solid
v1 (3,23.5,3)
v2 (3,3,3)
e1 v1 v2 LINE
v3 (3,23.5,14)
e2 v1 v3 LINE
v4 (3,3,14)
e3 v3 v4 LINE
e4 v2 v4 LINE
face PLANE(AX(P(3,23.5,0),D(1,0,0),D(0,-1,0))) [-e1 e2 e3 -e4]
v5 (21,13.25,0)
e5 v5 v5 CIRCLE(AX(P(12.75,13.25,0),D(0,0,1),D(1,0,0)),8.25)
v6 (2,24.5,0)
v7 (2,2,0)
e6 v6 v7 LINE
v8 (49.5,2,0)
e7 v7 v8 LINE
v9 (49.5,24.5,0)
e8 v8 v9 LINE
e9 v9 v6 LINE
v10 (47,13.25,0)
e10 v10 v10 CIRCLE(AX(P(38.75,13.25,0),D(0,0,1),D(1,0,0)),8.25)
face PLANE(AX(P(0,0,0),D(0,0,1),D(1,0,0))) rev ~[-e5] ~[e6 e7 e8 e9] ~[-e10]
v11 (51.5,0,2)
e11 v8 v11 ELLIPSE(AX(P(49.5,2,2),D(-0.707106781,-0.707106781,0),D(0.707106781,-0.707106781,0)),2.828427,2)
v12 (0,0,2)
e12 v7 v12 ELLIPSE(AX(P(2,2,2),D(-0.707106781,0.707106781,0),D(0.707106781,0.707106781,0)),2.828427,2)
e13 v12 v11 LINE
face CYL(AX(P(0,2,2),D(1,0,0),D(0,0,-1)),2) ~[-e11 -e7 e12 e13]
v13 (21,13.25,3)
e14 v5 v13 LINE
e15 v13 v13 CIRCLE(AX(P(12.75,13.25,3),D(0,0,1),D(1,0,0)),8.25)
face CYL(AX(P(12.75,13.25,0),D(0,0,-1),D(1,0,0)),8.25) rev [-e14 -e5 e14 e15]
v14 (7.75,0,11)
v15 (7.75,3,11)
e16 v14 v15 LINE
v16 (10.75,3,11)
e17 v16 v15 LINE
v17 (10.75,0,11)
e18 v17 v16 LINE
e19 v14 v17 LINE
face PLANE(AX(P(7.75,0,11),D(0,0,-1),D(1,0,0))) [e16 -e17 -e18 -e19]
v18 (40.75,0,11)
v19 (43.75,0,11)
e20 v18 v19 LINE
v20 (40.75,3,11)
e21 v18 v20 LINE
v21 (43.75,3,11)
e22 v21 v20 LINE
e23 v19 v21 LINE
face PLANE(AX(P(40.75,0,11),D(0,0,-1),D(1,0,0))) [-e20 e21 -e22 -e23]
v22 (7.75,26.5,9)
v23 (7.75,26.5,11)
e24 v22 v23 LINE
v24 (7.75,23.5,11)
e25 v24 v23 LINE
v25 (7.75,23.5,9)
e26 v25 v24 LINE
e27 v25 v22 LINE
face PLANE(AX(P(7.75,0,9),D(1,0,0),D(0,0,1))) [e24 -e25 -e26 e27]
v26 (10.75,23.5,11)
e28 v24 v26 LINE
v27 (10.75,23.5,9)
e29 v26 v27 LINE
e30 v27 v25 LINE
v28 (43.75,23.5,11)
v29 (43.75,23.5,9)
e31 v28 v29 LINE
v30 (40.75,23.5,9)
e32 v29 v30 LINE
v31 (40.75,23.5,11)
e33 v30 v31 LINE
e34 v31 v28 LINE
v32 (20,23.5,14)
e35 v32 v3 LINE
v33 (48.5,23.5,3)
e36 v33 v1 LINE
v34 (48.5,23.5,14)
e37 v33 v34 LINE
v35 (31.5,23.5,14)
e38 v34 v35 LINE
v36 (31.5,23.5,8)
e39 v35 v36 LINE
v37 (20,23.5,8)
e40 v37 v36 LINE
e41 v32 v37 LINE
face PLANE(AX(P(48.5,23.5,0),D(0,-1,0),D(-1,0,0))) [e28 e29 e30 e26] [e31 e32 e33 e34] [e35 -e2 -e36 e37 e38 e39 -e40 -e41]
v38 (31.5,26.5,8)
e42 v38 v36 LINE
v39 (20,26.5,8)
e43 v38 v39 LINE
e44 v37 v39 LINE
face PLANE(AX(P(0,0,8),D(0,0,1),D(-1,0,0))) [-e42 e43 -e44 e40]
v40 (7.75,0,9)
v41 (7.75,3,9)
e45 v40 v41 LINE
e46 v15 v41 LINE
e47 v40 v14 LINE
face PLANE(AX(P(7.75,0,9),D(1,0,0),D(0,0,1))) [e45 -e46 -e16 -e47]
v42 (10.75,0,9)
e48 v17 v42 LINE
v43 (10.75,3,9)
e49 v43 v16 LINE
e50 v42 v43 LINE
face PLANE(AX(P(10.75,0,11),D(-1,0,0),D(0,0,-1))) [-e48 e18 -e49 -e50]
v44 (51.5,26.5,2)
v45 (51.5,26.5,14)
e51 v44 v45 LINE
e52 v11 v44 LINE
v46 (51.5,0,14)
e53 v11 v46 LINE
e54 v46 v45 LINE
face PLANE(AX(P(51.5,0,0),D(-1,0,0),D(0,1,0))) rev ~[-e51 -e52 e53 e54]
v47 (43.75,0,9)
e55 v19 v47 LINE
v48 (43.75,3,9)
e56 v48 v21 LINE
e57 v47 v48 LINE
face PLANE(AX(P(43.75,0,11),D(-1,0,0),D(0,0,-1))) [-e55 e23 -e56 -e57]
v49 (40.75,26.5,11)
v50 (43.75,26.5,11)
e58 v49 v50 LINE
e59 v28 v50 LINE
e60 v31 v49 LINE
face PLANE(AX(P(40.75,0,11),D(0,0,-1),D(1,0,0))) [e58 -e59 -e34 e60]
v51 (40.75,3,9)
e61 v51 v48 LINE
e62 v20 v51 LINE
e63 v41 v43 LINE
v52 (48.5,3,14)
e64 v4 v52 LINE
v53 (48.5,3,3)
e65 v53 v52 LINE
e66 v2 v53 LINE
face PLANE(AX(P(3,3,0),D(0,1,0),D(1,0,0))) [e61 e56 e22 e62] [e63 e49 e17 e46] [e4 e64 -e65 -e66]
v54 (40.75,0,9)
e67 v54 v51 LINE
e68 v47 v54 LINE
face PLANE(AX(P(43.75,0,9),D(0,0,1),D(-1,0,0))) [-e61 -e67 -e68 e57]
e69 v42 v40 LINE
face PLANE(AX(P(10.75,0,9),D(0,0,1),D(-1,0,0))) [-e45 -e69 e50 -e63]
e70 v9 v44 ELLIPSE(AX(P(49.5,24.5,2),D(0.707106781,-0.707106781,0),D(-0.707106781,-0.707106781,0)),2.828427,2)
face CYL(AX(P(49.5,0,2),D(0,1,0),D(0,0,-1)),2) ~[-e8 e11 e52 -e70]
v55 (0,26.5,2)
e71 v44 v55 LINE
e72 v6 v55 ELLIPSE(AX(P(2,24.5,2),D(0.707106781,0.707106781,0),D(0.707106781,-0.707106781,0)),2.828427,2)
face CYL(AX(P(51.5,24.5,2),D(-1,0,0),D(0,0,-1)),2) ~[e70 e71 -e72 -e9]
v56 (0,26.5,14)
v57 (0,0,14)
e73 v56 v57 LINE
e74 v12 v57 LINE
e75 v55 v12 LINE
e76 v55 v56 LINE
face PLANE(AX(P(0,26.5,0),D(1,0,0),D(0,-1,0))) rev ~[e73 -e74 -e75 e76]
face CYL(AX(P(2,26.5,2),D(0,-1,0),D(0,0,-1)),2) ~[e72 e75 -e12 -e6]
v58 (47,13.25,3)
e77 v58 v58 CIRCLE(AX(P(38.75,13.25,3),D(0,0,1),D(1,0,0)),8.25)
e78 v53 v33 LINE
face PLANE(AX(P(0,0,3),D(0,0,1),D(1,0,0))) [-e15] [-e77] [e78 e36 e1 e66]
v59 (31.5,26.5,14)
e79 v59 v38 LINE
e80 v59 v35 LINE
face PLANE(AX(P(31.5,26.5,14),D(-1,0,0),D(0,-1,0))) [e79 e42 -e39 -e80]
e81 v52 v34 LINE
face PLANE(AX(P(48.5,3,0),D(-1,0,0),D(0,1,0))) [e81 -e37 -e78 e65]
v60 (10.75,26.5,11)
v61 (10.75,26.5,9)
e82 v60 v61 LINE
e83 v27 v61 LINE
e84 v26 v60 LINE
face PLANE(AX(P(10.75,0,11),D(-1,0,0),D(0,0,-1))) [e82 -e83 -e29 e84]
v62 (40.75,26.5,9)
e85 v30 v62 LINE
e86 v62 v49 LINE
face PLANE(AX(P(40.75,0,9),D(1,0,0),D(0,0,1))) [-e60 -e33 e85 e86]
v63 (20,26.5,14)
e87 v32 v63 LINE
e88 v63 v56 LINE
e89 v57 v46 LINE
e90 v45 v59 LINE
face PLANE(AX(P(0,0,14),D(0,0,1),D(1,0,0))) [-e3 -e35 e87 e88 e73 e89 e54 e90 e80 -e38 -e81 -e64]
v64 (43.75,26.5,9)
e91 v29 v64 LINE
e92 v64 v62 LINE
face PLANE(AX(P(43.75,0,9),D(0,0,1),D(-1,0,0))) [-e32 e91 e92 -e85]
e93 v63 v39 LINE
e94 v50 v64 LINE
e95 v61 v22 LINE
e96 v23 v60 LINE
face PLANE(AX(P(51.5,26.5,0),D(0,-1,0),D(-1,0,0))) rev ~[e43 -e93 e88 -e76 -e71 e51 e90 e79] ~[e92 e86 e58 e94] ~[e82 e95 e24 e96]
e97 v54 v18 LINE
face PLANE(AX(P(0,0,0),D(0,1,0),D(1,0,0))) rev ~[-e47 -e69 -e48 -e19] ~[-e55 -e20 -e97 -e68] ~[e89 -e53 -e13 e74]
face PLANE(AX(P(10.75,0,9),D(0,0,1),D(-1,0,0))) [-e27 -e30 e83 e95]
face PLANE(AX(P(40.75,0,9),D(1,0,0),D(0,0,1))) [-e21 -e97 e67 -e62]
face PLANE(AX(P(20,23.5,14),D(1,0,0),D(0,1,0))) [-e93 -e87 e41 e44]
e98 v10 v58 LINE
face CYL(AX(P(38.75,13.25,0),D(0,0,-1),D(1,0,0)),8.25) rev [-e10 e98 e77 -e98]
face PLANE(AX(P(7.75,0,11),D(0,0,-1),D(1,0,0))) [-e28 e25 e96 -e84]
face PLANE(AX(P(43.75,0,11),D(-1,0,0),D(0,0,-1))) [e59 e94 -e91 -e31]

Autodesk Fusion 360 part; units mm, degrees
sketch "Sketch1" plane through (0, 0, 0) normal (0, 0, 1) x (1, 0, 0)
  line L0 (0, 0) -> (51.5, 0)
  line L1 (51.5, 0) -> (51.5, 26.5)
  line L2 (51.5, 26.5) -> (0, 26.5)
  line L3 (0, 26.5) -> (0, 0)
  line L4 (3, 3) -> (48.5, 3)
  line L5 (48.5, 3) -> (48.5, 23.5)
  line L6 (48.5, 23.5) -> (3, 23.5)
  line L7 (3, 23.5) -> (3, 3)
  circle A0 centre (12.75, 13.25) radius 8.25
  circle A1 centre (38.75, 13.25) radius 8.25
  dimension "d1" = 51.5
  dimension "d2" = 26.5
  dimension "d3" = -3
  dimension "d4" = 16.5
  dimension "d5" = 16.5
  dimension "d6" = 26
  dimension "d7" = 13.25
  dimension "d8" = 12.75
extrude "Extrude1" add sketch "Sketch1" along normal blind 3 contours L4 L5 L6 L7
extrude "Extrude2" add sketch "Sketch1" along normal blind 14 contours L0 L1 L2 L3
sketch "Sketch2" plane through (0, 0, 14) normal (0, 0, 1) x (-1, 0, 0)
  line L0 (-3, -3) -> (-3, -23.5)
  line L1 (-3, -23.5) -> (-48.5, -23.5)
  line L2 (-48.5, -23.5) -> (-48.5, -3)
  line L3 (-48.5, -3) -> (-3, -3)
  line L4 (0, -26.5) -> (0, 0)
  line L5 (0, 0) -> (-51.5, 0)
  line L6 (-51.5, 0) -> (-51.5, -26.5)
  line L7 (-51.5, -26.5) -> (0, -26.5)
  line L8 (-20, -26.5) -> (-31.5, -26.5)
  line L9 (-31.5, -26.5) -> (-31.5, -23.5)
  line L10 (-31.5, -23.5) -> (-20, -23.5)
  line L11 (-20, -23.5) -> (-20, -26.5)
  dimension "d13" = 20
  dimension "d14" = 20
extrude "Extrude3" cut sketch "Sketch2" against normal blind 6 contours L1 L7 L8 L9 L10 L11
sketch "Sketch3" plane through (0, 0, 0) normal (0, -1, 0) x (1, 0, 0)
  line L0 (0, 0) -> (51.5, 0)
  line L1 (51.5, 0) -> (51.5, 14)
  line L2 (51.5, 14) -> (0, 14)
  line L3 (0, 14) -> (0, 0)
  line L4 (7.75, 11) -> (10.75, 11)
  line L5 (10.75, 11) -> (10.75, 9)
  line L6 (10.75, 9) -> (7.75, 9)
  line L7 (7.75, 9) -> (7.75, 11)
  line L8 (40.75, 11) -> (43.75, 11)
  line L9 (43.75, 11) -> (43.75, 9)
  line L10 (43.75, 9) -> (40.75, 9)
  line L11 (40.75, 9) -> (40.75, 11)
  dimension "d18" = 3
  dimension "d19" = 2
  dimension "d20" = 30
  dimension "d21" = 51.5
  dimension "d22" = 10.75
  dimension "d23" = 3
extrude "Extrude4" cut sketch "Sketch3" against normal up to surface (26.5 mm away) contours L4 L5 L6 L7 | L8 L9 L10 L11
fillet "Fillet1" radius 2 4 edges at (25.75, 0, 0) (0, 13.25, 0) (25.75, 26.5, 0) (51.5, 13.25, 0)
equation "d1 = 45 mm + 3 mm + 3 mm + 0.5 mm"
equation "d2 = 20 mm + 3 mm + 3 mm + 0.5 mm"
equation "d4 = 16 mm + 0.5 mm"
equation "d5 = 16 mm + 0.5 mm"
equation "d7 = d2 / 2"
equation "d8 = ( d1 - d6 ) / 2"
equation "d11 = 10 mm + 3 mm + 1 mm"
equation "d14 = d13"
equation "d22 = ( d21 - d20 ) / 2"
